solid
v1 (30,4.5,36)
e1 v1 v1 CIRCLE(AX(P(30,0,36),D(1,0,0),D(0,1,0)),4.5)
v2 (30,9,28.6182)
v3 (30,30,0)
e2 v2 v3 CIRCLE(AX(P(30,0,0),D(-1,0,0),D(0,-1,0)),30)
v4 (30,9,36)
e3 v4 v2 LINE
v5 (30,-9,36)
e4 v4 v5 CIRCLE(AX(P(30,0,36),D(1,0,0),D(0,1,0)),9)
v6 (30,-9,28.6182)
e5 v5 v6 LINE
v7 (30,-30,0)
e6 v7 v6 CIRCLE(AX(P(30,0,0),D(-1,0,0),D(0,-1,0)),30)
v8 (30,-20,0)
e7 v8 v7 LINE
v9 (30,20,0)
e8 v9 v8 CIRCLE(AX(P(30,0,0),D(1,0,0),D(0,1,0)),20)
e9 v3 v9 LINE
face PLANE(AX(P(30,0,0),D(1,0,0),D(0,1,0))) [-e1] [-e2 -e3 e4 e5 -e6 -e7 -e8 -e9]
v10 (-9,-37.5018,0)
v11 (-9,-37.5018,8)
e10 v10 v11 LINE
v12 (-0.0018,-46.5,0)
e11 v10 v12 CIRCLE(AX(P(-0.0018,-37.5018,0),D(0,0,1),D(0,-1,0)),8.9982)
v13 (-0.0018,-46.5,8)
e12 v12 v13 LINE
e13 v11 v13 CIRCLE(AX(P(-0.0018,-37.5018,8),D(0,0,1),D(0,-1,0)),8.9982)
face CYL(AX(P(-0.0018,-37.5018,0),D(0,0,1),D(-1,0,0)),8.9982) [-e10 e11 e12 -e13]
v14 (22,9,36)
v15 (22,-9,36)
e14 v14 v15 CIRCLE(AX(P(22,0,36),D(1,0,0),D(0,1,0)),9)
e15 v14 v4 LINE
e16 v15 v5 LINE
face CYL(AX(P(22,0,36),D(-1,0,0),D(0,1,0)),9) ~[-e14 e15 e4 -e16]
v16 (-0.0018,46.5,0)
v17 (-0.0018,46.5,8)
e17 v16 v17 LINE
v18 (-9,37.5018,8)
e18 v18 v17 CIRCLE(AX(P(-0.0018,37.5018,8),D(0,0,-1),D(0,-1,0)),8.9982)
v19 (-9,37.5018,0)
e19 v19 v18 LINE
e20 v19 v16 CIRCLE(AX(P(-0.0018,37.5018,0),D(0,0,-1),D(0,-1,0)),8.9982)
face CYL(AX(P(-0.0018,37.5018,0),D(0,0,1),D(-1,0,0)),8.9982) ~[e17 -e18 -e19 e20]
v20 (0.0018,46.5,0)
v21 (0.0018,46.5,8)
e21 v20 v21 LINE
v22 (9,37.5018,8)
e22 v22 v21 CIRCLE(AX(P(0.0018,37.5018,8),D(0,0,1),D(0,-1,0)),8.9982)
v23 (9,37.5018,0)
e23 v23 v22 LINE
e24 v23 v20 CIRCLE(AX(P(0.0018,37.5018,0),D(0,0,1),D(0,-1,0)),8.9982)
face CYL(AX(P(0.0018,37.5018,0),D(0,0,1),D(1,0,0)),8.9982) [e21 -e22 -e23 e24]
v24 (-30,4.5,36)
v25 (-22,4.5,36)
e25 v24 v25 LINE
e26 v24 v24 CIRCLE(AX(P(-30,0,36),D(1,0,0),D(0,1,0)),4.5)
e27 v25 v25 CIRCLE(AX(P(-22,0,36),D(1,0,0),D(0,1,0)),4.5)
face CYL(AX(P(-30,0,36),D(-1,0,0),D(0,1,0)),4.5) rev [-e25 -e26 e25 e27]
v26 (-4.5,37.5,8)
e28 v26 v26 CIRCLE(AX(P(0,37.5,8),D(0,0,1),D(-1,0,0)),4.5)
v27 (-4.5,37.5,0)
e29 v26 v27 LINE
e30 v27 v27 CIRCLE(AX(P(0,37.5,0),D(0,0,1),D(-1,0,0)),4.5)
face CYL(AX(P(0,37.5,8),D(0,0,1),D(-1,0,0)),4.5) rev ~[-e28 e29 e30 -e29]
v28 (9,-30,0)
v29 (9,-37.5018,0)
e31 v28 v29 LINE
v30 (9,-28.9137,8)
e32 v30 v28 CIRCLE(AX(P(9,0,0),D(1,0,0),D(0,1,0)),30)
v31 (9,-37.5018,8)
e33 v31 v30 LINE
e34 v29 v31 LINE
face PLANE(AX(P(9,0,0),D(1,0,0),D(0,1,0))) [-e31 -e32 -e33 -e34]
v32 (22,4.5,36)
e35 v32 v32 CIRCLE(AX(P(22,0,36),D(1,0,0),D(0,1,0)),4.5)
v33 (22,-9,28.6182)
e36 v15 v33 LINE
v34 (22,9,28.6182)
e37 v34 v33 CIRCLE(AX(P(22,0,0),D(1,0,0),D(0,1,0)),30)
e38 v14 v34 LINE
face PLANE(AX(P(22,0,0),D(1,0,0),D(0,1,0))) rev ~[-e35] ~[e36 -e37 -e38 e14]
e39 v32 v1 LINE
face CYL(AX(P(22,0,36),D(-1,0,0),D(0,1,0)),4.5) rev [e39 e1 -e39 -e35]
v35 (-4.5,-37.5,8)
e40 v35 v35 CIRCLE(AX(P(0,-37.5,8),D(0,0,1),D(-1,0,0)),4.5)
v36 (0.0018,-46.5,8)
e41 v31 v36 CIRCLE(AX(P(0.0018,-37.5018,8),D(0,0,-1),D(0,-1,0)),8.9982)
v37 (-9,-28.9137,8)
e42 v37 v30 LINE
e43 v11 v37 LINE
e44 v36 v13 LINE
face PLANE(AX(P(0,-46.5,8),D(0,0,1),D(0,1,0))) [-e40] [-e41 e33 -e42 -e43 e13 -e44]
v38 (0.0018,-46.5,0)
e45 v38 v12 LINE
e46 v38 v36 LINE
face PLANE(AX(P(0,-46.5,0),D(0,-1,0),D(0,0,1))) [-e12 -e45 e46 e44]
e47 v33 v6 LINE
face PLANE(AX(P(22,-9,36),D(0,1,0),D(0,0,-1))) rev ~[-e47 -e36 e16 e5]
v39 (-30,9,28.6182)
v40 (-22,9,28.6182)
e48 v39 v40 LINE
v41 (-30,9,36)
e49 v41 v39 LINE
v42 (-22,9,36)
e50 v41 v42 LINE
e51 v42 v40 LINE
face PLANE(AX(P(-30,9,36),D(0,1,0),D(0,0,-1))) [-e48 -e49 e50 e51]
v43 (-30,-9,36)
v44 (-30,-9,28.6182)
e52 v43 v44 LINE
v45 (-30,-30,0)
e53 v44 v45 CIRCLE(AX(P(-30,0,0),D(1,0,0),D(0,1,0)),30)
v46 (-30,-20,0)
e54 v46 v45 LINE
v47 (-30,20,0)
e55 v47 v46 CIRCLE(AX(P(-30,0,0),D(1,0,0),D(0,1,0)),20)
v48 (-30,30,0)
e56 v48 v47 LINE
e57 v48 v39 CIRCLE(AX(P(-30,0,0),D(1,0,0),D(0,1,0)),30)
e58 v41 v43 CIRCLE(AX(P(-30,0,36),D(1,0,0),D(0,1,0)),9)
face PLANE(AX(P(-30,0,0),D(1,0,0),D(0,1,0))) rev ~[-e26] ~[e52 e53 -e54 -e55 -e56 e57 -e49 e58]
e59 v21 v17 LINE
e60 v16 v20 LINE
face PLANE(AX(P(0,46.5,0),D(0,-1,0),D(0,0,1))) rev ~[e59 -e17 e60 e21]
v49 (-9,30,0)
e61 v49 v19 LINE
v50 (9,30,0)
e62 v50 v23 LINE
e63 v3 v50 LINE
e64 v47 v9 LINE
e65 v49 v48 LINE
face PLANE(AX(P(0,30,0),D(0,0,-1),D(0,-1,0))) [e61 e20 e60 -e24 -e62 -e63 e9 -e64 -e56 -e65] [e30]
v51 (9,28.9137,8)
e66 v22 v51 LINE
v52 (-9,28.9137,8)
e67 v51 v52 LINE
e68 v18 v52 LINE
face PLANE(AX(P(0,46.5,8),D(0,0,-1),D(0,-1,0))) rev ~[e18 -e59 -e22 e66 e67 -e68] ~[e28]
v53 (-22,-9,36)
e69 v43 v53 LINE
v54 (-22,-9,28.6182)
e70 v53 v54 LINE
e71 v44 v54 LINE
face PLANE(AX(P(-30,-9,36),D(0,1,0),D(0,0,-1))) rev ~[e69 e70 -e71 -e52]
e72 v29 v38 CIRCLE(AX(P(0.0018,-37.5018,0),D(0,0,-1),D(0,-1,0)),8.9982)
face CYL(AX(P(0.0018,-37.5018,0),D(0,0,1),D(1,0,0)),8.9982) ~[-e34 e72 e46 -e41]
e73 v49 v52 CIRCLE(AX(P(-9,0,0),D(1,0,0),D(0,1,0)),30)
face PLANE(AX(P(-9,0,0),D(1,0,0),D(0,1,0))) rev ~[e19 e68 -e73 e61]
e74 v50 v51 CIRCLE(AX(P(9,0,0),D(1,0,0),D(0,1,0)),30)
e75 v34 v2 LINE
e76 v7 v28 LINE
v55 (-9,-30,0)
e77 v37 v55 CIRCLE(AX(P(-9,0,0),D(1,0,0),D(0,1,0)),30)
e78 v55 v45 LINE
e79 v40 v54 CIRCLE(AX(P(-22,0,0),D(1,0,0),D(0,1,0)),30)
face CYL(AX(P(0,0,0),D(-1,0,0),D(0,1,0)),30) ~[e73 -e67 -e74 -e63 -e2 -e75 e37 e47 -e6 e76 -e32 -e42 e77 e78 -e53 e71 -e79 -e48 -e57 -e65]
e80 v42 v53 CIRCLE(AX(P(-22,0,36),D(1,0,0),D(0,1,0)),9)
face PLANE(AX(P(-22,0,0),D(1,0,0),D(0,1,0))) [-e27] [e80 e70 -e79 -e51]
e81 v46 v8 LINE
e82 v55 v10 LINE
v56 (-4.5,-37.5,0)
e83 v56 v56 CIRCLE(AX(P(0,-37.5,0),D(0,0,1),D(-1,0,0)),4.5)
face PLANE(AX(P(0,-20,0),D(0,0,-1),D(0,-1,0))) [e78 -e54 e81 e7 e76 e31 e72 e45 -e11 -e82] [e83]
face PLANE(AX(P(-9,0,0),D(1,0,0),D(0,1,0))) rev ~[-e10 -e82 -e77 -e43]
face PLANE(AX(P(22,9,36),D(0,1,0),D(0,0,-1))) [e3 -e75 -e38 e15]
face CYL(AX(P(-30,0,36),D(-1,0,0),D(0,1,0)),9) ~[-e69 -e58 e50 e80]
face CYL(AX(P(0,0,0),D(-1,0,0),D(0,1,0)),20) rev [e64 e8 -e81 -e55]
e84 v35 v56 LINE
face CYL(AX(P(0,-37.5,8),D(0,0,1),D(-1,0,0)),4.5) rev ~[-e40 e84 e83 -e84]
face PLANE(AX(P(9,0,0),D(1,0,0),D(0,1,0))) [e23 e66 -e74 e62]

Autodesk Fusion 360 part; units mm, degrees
sketch "草图1" plane through (0, 0, 0) normal (1, 0, 0) x (0, 1, 0)
  circle A0 centre (0, 36) radius 4.5
  line L0 (-20, 0) -> (-30, 0)
  line L1 (-30, 0) -> (-46.5, 0)
  line L2 (-46.5, 0) -> (-46.5, 8)
  line L3 (-46.5, 8) -> (-28.9137, 8)
  line L4 (30, 0) -> (46.5, 0)
  line L5 (46.5, 0) -> (46.5, 8)
  line L6 (46.5, 8) -> (28.9137, 8)
  line L7 (30, 0) -> (20, 0)
  arc A1 (30, 0) -> (-30, 0) centre (0, 0) ccw
  arc A2 (20, 0) -> (-20, 0) centre (0, 0) ccw
  line L8 (0, 110) -> (0, -20) construction
  line L9 (-9, 36) -> (-9, 28.6182)
  line L10 (9, 36) -> (9, 28.6182)
  arc A3 (9, 36) -> (-9, 36) centre (0, 36) ccw
  dimension "d1" = 93
  dimension "d2" = 20
  dimension "d3" = 30
  dimension "d4" = 8
  dimension "d5" = 8
  dimension "d6" = 36
  dimension "d7" = 18
  dimension "d8" = 9
extrude "拉伸1" add sketch "草图1" along normal mid plane 18 contours L1 L2 L3 A1 | L4 L5 L6 A1 makes body 1 at (-3, 40.6379, 8) makes body 2 at (-3, -40.6379, 8)
extrude "拉伸2" add sketch "草图1" along normal mid plane 60 contours L0 L7 A1 A2 bodies 1 2
extrude "拉伸3" add sketch "草图1" along normal blind 8 separate body contours A1 L9 L10 A3 makes body 3
move_body "移动1" bodies 3 to x (1, 0, 0) y (0, 1, 0) z (0, 0, 1) at (22, 0, 0)
copy_body "复制和粘贴实体1" bodies 3 makes body 4
move_body "移动2" bodies 4 to x (1, 0, 0) y (0, 1, 0) z (0, 0, 1) at (-52, 0, 0)
fillet "圆角1" radius 9 4 edges at (9, -46.5, 4) (-9, -46.5, 4) (9, 46.5, 4) (-9, 46.5, 4) on bodies 1
sketch "草图2" plane through (0, 0, 8) normal (0, 0, 1) x (-1, 0, 0)
  arc A0 (-9, -37.5) -> (9, -37.5) centre (0, -37.5) ccw
  line L0 (9, -37.5) -> (9, -28.9137)
  line L1 (9, -28.9137) -> (-9, -28.9137)
  line L2 (-9, -28.9137) -> (-9, -37.5)
  circle A1 centre (0, -37.5) radius 4.5
  circle A2 centre (0, 37.5) radius 4.5
  line L3 (55, 0) -> (-41.8167, 0) construction
  dimension "d17" = 9
  dimension "d18" = 75
extrude "拉伸4" cut sketch "草图2" against normal through all contours A1 | A2 bodies 1
combine "合并1" operation add target body 1 tool bodies 4 3
equation "d1 = 75 mm + 18 mm"
